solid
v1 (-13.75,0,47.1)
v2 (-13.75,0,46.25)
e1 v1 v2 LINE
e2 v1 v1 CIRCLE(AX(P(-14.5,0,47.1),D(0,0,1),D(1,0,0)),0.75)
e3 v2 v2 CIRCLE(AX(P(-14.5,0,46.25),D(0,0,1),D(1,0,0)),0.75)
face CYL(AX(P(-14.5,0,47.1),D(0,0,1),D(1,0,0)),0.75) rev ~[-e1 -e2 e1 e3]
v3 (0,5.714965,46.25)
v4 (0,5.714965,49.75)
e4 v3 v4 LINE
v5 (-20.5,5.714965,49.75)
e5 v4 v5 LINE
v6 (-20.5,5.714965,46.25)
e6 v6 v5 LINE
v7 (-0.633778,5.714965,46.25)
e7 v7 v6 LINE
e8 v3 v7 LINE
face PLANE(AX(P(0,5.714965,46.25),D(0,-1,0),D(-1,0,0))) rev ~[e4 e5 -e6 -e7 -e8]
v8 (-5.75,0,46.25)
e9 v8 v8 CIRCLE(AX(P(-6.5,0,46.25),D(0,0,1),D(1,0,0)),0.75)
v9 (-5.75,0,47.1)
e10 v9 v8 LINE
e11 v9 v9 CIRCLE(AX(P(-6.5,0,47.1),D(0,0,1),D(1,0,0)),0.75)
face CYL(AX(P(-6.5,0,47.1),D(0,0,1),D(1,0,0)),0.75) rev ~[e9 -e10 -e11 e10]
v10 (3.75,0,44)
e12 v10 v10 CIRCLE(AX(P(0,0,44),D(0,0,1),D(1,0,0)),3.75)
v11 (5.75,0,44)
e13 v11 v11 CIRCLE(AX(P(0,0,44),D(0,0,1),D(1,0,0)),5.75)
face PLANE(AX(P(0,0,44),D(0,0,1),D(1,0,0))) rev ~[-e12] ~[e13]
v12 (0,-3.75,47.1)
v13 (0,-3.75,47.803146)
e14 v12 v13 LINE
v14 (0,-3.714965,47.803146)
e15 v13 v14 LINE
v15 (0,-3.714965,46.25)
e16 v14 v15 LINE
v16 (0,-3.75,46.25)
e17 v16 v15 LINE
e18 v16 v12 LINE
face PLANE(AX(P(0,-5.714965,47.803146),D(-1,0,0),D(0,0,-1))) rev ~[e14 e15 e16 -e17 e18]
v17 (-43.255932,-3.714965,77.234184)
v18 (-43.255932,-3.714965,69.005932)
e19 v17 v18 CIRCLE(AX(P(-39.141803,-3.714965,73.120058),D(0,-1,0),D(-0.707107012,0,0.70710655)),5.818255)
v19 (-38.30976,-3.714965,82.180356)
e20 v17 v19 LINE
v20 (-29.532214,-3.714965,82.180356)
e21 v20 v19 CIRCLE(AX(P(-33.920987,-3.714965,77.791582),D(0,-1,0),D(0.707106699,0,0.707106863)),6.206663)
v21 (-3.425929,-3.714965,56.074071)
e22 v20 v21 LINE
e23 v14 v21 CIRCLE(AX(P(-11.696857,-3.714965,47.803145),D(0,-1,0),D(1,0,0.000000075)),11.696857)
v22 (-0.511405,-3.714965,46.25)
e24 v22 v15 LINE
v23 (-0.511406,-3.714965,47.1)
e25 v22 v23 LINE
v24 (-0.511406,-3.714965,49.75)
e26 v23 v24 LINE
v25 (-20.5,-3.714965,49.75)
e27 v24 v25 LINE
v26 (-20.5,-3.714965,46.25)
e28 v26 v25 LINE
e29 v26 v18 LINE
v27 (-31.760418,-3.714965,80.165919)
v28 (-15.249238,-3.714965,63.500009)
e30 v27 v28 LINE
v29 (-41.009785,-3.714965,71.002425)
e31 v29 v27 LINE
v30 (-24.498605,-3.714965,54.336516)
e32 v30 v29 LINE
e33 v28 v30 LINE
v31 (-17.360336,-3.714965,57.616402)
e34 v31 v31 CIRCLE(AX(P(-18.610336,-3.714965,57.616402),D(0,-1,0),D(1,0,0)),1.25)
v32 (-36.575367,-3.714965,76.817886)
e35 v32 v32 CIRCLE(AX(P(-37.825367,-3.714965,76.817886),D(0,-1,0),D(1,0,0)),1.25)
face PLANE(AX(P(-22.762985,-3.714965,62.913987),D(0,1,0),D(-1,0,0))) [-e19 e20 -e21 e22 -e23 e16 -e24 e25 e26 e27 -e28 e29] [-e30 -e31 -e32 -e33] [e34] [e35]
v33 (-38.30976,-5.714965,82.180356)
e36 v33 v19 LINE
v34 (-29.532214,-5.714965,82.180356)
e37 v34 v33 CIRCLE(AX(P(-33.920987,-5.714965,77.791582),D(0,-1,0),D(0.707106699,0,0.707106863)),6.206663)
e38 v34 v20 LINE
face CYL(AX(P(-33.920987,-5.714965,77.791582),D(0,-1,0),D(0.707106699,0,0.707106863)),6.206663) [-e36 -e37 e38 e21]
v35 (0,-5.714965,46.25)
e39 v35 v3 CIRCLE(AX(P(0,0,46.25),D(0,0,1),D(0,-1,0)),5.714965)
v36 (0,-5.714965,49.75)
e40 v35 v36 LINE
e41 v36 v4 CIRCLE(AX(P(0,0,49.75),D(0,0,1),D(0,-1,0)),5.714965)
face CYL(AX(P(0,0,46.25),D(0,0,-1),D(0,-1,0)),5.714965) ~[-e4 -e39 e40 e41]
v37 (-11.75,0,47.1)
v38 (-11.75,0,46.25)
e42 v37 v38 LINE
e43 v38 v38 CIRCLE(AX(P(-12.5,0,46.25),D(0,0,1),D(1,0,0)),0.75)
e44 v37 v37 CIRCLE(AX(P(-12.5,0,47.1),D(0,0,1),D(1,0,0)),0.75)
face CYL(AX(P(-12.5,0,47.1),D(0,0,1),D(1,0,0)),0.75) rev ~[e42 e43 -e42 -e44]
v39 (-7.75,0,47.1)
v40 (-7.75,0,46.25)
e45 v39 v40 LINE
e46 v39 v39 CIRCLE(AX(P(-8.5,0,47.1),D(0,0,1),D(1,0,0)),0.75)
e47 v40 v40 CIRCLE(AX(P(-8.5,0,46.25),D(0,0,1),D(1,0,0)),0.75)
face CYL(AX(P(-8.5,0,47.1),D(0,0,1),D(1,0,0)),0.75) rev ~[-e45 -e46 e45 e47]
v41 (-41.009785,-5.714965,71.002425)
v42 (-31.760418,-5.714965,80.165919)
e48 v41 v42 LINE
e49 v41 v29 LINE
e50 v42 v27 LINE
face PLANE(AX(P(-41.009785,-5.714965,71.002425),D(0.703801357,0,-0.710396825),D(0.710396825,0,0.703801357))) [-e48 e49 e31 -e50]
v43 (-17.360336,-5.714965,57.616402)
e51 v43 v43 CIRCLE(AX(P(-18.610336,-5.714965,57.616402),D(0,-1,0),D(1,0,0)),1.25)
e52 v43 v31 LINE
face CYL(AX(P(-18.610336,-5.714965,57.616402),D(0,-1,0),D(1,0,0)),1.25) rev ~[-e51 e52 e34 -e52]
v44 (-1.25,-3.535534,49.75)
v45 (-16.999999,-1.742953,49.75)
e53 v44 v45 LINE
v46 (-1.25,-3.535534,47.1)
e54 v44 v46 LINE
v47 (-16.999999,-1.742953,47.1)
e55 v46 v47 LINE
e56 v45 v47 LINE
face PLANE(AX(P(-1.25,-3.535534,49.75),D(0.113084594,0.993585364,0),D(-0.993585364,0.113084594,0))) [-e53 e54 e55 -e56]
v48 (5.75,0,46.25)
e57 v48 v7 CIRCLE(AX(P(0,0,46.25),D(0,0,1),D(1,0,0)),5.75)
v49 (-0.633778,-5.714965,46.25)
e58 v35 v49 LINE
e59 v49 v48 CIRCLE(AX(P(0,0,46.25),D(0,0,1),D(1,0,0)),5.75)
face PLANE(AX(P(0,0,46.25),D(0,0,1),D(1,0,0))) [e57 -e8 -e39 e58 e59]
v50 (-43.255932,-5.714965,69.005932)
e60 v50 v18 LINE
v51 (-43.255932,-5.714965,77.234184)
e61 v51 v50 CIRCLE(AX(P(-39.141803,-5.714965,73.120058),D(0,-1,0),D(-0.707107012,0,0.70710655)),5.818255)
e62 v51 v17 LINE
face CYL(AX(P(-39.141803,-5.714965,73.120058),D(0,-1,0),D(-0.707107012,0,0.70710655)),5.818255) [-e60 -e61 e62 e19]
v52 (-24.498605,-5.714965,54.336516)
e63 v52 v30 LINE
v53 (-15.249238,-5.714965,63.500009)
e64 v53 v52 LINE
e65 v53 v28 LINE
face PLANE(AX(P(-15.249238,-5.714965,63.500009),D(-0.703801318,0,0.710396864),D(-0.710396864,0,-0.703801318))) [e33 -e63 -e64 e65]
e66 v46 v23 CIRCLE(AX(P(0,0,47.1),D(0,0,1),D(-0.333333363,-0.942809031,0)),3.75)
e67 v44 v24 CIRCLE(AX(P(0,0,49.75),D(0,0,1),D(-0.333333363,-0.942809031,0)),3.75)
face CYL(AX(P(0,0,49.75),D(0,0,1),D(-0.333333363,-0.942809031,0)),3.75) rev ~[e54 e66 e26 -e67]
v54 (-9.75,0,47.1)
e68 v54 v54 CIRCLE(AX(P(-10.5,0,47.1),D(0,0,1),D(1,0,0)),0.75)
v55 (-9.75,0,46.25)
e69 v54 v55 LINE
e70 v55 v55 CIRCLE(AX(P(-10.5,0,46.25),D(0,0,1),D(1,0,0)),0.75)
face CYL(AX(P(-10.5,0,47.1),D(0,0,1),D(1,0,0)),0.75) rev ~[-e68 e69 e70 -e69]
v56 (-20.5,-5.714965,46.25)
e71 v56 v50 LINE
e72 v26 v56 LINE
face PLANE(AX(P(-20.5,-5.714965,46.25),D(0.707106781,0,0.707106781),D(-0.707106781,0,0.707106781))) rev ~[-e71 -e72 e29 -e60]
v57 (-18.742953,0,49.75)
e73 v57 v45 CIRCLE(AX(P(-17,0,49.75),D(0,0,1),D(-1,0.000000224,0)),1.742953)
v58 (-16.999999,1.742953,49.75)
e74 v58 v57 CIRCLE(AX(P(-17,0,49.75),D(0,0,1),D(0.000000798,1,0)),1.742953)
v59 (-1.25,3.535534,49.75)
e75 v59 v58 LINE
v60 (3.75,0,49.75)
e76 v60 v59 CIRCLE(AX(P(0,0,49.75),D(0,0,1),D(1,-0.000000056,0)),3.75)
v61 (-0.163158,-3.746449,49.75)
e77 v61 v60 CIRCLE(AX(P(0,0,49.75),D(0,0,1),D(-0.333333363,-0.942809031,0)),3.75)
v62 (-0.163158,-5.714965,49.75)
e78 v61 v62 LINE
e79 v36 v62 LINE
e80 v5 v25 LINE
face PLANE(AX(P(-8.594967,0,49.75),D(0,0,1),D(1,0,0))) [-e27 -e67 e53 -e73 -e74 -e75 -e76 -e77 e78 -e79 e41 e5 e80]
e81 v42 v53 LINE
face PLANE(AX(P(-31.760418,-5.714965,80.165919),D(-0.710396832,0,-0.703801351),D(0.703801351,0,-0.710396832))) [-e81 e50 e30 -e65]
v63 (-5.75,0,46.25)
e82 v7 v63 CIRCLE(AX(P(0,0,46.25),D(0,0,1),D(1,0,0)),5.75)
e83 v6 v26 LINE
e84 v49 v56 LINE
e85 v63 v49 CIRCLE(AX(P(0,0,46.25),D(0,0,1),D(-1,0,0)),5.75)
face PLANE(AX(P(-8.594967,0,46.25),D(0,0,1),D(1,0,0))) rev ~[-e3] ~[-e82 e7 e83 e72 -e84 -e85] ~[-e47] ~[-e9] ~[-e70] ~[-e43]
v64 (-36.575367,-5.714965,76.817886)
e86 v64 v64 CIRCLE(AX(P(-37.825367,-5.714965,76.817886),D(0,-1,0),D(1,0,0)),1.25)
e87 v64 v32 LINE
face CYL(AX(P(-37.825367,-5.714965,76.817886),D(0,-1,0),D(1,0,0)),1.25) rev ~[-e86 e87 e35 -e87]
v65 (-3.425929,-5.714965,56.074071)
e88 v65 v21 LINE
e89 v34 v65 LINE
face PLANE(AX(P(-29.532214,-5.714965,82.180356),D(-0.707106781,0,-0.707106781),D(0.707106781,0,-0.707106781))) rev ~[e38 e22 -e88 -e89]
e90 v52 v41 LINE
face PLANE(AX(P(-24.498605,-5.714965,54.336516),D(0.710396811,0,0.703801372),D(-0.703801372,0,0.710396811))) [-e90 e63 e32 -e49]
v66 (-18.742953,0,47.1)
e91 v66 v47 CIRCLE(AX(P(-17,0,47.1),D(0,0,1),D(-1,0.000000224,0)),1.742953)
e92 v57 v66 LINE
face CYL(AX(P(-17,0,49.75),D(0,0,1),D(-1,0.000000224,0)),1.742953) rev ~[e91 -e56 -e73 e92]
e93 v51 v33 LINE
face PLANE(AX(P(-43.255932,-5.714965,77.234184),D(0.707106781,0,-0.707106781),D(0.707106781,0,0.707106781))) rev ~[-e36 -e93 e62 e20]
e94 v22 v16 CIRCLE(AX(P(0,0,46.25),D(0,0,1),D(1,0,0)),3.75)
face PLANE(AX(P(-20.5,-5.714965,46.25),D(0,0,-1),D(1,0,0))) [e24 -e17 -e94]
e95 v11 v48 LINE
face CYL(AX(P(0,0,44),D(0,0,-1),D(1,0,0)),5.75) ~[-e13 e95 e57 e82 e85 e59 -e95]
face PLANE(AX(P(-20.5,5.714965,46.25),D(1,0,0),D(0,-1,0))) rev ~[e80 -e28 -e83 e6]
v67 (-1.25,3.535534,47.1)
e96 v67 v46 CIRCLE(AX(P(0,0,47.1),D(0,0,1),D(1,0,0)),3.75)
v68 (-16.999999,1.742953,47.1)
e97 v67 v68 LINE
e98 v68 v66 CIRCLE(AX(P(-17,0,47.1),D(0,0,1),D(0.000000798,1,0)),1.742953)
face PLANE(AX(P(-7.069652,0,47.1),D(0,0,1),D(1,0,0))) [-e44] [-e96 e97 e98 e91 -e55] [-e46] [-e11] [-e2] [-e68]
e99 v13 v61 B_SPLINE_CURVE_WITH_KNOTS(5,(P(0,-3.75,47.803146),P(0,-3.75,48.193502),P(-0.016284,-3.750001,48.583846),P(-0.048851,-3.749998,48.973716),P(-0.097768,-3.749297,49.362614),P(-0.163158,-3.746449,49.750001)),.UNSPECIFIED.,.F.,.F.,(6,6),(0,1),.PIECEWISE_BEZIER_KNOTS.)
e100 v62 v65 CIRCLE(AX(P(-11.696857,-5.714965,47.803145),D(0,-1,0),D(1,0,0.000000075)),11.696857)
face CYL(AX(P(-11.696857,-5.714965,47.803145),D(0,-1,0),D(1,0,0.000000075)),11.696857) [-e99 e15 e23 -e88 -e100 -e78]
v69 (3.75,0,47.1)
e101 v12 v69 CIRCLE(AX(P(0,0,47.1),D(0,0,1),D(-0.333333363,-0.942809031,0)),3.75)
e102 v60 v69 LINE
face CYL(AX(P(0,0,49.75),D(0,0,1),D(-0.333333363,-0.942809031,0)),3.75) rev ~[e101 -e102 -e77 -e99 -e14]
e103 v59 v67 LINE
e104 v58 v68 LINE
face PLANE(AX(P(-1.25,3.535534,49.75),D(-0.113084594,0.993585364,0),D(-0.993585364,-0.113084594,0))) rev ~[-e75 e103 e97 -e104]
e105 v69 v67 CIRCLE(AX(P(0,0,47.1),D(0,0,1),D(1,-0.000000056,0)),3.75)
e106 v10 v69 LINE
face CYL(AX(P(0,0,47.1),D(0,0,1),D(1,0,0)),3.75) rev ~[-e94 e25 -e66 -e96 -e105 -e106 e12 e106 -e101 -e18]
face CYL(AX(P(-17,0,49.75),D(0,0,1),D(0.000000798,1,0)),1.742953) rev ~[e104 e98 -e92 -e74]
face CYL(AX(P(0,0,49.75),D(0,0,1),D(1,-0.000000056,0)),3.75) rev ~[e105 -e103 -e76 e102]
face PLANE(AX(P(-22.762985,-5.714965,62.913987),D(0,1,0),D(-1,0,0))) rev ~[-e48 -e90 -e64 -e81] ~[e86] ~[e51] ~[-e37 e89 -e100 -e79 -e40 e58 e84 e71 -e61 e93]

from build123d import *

# Parameters (mm, degrees)
SKETCH045_R        = 5.75
SKETCH045_R_2      = 3.75
PAD013_DEPTH       = 2.25
PAD014_DEPTH       = 3.5
POCKET003048_DEPTH = 2.65
SKETCH048_R        = 3.75
SKETCH048_R_2      = 0.75
POCKET003049_DEPTH = 5
SKETCH050_R        = 1.25
PAD015_DEPTH       = 2


with BuildPart() as part:
    # Sketch045 → Pad013 (new body)
    with BuildSketch(Plane.XY):
        Circle(SKETCH045_R)
        Circle(SKETCH045_R_2, mode=Mode.SUBTRACT)
    extrude(amount=PAD013_DEPTH)

    # Sketch047 (on Face4 of Pad013) → Pad014 (join)
    with BuildSketch(Plane.XY.offset(2.25)):
        with BuildLine():
            Line((0, 5.714965), (-20.5, 5.714965))
            Line((-20.5, 5.714965), (-20.5, -5.714965))
            Line((0, -5.714965), (-20.5, -5.714965))
            ThreePointArc((0, -5.714965), (5.714965, 0), (0, 5.714965))
        make_face()
    extrude(amount=PAD014_DEPTH)

    # Sketch046 (on Face11 of Pad014) → Pocket003048 (cut)
    with BuildSketch(Plane.XY.offset(5.75)):
        with BuildLine():
            Line((-1.25, 3.535534), (-16.999999, 1.742953))
            ThreePointArc((-16.999999, 1.742953), (-18.232454, 1.232454), (-18.742953, 0))
            ThreePointArc((-18.742953, 0), (-18.232454, -1.232454), (-16.999999, -1.742953))
            Line((-1.25, -3.535534), (-16.999999, -1.742953))
            ThreePointArc((-1.25, -3.535534), (2.165064, -3.061862), (3.75, 0))
            ThreePointArc((3.75, 0), (2.165064, 3.061862), (-1.25, 3.535534))
        make_face()
    extrude(amount=-POCKET003048_DEPTH, mode=Mode.SUBTRACT)

    # Sketch048 (on Face16 of Pocket003048) → Pocket003049 (cut)
    with BuildSketch(Plane.XY.offset(3.1)):
        Circle(SKETCH048_R)
        with Locations((-14.5, 0)):
            Circle(SKETCH048_R_2)
        with Locations((-12.5, 0)):
            Circle(SKETCH048_R_2)
        with Locations((-10.5, 0)):
            Circle(SKETCH048_R_2)
        with Locations((-8.5, 0)):
            Circle(SKETCH048_R_2)
        with Locations((-6.5, 0)):
            Circle(SKETCH048_R_2)
    extrude(amount=-POCKET003049_DEPTH, mode=Mode.SUBTRACT)

    # Sketch050 (on Face2 of Pocket003049) → Pad015 (join)
    with BuildSketch(Plane.XZ.offset(5.714965)):
        with BuildLine():
            Line((-20.5, 2.25), (-43.255932, 25.005932))
            ThreePointArc((-43.255932, 33.234184), (-44.960058, 29.120058), (-43.255932, 25.005932))
            Line((-43.255932, 33.234184), (-38.30976, 38.180356))
            ThreePointArc((-29.532214, 38.180356), (-33.920987, 39.998245), (-38.30976, 38.180356))
            Line((-29.532214, 38.180356), (-3.425929, 12.074071))
            ThreePointArc((0, 3.803146), (-0.89037, 8.279338), (-3.425929, 12.074071))
            Line((0, 3.803146), (0, 2.25))
            Line((-20.5, 2.25), (0, 2.25))
        make_face()
        with Locations((-37.825367, 32.817886)):
            Circle(SKETCH050_R, mode=Mode.SUBTRACT)
        with Locations((-18.610336, 13.616402)):
            Circle(SKETCH050_R, mode=Mode.SUBTRACT)
        Polygon((-41.009785, 27.002425), (-31.760418, 36.165919), (-15.249238, 19.500009), (-24.498605, 10.336516), align=None, mode=Mode.SUBTRACT)
    extrude(amount=-PAD015_DEPTH)


with BuildPart() as part_1:
    # Body009 placement: moved
    add(part.part.moved(Location((0, 0, 44))))


solid = part_1.part
